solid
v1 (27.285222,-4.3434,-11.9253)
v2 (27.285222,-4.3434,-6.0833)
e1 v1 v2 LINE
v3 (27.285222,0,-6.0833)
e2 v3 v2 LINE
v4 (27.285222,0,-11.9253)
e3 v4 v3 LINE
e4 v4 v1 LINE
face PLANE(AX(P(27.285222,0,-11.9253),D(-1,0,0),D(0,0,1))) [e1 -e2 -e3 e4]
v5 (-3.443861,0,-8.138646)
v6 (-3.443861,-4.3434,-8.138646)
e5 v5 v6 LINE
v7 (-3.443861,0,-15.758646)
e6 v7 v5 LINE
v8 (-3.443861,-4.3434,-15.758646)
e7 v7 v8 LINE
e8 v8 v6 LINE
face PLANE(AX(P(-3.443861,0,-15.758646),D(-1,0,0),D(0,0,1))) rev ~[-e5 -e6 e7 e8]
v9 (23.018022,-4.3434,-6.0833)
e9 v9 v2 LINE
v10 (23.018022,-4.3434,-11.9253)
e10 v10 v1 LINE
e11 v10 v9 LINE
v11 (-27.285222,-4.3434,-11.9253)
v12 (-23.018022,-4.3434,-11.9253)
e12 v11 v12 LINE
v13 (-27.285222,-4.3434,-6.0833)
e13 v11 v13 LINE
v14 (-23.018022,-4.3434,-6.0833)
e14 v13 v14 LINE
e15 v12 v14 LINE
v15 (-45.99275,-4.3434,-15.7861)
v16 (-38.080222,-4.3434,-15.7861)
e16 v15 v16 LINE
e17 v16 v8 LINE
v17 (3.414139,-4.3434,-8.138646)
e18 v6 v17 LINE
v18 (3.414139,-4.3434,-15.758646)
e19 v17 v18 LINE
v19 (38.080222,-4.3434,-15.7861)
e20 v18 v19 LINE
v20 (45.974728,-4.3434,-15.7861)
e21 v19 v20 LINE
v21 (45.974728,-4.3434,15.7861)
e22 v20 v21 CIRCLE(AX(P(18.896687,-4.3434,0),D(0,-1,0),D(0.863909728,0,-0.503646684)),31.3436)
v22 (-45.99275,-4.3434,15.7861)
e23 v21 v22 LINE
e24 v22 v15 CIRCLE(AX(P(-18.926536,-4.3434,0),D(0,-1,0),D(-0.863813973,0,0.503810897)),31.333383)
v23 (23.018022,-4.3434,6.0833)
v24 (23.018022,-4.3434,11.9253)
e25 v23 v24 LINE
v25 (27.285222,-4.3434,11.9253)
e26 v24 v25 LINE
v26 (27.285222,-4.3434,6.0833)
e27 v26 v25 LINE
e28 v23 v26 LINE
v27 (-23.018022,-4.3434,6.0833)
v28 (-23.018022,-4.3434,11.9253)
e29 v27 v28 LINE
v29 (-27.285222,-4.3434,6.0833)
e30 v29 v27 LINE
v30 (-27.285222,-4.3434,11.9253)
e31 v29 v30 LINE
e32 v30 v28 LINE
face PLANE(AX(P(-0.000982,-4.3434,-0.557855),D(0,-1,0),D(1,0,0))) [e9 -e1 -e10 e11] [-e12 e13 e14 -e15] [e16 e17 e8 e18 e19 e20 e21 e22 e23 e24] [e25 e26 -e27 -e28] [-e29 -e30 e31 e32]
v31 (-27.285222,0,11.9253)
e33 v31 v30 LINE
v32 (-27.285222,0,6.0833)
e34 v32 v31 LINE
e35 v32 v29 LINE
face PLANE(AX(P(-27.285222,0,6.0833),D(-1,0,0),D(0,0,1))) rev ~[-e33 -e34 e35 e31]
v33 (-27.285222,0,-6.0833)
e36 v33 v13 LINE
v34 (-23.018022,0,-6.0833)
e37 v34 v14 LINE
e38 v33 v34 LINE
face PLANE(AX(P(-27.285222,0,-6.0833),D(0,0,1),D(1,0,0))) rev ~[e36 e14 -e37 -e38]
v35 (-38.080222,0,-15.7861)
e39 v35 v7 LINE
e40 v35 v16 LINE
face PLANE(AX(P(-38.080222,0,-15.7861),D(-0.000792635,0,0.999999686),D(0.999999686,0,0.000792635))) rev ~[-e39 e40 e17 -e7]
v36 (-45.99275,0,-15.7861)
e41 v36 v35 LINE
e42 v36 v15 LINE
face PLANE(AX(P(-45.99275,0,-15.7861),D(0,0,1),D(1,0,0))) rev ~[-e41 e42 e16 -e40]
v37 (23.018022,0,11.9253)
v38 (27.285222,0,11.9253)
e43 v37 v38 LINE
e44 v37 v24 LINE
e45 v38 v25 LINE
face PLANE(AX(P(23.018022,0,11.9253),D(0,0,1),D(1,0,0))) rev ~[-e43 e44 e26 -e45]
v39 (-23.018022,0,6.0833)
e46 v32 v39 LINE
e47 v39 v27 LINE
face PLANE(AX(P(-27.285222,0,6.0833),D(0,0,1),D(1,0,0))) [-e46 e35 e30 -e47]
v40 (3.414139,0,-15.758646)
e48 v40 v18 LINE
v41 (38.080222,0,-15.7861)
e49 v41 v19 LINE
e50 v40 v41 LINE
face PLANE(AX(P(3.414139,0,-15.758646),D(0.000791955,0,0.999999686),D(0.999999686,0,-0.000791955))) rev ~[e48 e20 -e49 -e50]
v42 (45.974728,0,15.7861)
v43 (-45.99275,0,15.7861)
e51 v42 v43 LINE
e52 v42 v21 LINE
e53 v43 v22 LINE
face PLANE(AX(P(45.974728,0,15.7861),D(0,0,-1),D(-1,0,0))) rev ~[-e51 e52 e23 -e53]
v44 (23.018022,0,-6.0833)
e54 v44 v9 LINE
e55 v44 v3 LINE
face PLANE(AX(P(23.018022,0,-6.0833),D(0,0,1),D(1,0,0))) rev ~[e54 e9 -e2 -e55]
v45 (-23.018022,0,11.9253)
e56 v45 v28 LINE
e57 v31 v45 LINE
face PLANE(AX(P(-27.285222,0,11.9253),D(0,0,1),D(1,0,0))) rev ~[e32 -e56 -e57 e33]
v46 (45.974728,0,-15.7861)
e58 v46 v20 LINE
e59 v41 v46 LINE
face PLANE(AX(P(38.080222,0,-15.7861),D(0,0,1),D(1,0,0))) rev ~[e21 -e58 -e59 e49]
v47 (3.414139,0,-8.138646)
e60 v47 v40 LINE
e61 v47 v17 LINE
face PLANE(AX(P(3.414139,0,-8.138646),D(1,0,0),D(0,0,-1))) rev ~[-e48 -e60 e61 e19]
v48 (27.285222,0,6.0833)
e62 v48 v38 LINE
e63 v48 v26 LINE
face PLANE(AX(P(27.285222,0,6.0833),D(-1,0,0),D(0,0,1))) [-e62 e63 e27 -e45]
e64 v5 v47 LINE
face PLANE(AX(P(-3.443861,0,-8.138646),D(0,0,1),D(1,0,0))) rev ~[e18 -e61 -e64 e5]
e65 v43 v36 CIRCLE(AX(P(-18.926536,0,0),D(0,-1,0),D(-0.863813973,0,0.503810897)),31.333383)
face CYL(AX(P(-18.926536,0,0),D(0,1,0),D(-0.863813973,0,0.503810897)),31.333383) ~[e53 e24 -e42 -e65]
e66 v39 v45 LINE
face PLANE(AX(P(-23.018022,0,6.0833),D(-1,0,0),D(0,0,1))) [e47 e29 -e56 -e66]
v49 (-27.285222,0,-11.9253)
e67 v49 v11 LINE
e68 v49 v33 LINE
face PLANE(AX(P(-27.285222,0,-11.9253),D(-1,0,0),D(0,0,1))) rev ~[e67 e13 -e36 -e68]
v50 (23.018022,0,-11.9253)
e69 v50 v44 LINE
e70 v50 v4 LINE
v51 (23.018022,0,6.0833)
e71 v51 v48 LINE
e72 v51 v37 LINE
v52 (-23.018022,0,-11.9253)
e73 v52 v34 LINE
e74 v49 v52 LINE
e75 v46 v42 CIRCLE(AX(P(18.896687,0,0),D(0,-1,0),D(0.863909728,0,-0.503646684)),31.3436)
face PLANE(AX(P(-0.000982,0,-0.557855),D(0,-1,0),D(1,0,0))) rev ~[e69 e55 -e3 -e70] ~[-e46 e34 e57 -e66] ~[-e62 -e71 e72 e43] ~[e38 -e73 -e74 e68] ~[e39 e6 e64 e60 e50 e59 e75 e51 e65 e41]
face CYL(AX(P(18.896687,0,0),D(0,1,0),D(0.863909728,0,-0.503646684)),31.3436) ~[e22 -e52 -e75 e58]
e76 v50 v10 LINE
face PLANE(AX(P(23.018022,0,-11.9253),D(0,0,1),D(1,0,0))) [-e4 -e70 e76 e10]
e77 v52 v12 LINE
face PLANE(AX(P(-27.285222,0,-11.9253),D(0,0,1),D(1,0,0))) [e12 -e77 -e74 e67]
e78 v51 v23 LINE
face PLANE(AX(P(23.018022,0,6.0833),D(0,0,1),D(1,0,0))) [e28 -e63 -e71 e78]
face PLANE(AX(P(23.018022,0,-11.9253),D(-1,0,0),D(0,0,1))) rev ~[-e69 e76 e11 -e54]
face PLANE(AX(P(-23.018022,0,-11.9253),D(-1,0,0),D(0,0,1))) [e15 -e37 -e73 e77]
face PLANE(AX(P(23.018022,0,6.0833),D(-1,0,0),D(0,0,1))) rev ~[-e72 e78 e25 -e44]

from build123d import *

# Parameters (mm, degrees)
F0_W     = 4.2672
F0_H     = 5.842
F0_W_2   = 7.894506
F0_H_2   = 31.5722
F0_W_3   = 7.912528
F1_DEPTH = 4.3434


with BuildPart() as f1:
    # F0 (on Front) → F1 (new body)
    with BuildSketch(Plane.XZ):
        Polygon((38.080222, -15.7861), (38.080222, 15.7861), (-38.080222, 15.7861), (-38.080222, -15.7861), (-3.443861, -15.758646), (-3.443861, -8.138646), (3.414139, -8.138646), (3.414139, -15.758646), align=None)
        with Locations((-25.151622, -9.0043)):
            Rectangle(F0_W, F0_H, mode=Mode.SUBTRACT)
        with Locations((25.151622, -9.0043)):
            Rectangle(F0_W, F0_H, mode=Mode.SUBTRACT)
        with Locations((-25.151622, 9.0043)):
            Rectangle(F0_W, F0_H, mode=Mode.SUBTRACT)
        with Locations((25.151622, 9.0043)):
            Rectangle(F0_W, F0_H, mode=Mode.SUBTRACT)
        with Locations((42.027475, 0)):
            Rectangle(F0_W_2, F0_H_2)
        with Locations((-42.036486, 0)):
            Rectangle(F0_W_3, F0_H_2)
        with BuildLine():
            ThreePointArc((45.974728, -15.7861), (50.240287, 0), (45.974728, 15.7861))
            Line((45.974728, 15.7861), (45.974728, -15.7861))
        make_face()
        with BuildLine():
            Line((-45.99275, -15.7861), (-45.99275, 15.7861))
            ThreePointArc((-45.99275, 15.7861), (-50.259919, 0), (-45.99275, -15.7861))
        make_face()
    extrude(amount=F1_DEPTH)


solid = f1.part
